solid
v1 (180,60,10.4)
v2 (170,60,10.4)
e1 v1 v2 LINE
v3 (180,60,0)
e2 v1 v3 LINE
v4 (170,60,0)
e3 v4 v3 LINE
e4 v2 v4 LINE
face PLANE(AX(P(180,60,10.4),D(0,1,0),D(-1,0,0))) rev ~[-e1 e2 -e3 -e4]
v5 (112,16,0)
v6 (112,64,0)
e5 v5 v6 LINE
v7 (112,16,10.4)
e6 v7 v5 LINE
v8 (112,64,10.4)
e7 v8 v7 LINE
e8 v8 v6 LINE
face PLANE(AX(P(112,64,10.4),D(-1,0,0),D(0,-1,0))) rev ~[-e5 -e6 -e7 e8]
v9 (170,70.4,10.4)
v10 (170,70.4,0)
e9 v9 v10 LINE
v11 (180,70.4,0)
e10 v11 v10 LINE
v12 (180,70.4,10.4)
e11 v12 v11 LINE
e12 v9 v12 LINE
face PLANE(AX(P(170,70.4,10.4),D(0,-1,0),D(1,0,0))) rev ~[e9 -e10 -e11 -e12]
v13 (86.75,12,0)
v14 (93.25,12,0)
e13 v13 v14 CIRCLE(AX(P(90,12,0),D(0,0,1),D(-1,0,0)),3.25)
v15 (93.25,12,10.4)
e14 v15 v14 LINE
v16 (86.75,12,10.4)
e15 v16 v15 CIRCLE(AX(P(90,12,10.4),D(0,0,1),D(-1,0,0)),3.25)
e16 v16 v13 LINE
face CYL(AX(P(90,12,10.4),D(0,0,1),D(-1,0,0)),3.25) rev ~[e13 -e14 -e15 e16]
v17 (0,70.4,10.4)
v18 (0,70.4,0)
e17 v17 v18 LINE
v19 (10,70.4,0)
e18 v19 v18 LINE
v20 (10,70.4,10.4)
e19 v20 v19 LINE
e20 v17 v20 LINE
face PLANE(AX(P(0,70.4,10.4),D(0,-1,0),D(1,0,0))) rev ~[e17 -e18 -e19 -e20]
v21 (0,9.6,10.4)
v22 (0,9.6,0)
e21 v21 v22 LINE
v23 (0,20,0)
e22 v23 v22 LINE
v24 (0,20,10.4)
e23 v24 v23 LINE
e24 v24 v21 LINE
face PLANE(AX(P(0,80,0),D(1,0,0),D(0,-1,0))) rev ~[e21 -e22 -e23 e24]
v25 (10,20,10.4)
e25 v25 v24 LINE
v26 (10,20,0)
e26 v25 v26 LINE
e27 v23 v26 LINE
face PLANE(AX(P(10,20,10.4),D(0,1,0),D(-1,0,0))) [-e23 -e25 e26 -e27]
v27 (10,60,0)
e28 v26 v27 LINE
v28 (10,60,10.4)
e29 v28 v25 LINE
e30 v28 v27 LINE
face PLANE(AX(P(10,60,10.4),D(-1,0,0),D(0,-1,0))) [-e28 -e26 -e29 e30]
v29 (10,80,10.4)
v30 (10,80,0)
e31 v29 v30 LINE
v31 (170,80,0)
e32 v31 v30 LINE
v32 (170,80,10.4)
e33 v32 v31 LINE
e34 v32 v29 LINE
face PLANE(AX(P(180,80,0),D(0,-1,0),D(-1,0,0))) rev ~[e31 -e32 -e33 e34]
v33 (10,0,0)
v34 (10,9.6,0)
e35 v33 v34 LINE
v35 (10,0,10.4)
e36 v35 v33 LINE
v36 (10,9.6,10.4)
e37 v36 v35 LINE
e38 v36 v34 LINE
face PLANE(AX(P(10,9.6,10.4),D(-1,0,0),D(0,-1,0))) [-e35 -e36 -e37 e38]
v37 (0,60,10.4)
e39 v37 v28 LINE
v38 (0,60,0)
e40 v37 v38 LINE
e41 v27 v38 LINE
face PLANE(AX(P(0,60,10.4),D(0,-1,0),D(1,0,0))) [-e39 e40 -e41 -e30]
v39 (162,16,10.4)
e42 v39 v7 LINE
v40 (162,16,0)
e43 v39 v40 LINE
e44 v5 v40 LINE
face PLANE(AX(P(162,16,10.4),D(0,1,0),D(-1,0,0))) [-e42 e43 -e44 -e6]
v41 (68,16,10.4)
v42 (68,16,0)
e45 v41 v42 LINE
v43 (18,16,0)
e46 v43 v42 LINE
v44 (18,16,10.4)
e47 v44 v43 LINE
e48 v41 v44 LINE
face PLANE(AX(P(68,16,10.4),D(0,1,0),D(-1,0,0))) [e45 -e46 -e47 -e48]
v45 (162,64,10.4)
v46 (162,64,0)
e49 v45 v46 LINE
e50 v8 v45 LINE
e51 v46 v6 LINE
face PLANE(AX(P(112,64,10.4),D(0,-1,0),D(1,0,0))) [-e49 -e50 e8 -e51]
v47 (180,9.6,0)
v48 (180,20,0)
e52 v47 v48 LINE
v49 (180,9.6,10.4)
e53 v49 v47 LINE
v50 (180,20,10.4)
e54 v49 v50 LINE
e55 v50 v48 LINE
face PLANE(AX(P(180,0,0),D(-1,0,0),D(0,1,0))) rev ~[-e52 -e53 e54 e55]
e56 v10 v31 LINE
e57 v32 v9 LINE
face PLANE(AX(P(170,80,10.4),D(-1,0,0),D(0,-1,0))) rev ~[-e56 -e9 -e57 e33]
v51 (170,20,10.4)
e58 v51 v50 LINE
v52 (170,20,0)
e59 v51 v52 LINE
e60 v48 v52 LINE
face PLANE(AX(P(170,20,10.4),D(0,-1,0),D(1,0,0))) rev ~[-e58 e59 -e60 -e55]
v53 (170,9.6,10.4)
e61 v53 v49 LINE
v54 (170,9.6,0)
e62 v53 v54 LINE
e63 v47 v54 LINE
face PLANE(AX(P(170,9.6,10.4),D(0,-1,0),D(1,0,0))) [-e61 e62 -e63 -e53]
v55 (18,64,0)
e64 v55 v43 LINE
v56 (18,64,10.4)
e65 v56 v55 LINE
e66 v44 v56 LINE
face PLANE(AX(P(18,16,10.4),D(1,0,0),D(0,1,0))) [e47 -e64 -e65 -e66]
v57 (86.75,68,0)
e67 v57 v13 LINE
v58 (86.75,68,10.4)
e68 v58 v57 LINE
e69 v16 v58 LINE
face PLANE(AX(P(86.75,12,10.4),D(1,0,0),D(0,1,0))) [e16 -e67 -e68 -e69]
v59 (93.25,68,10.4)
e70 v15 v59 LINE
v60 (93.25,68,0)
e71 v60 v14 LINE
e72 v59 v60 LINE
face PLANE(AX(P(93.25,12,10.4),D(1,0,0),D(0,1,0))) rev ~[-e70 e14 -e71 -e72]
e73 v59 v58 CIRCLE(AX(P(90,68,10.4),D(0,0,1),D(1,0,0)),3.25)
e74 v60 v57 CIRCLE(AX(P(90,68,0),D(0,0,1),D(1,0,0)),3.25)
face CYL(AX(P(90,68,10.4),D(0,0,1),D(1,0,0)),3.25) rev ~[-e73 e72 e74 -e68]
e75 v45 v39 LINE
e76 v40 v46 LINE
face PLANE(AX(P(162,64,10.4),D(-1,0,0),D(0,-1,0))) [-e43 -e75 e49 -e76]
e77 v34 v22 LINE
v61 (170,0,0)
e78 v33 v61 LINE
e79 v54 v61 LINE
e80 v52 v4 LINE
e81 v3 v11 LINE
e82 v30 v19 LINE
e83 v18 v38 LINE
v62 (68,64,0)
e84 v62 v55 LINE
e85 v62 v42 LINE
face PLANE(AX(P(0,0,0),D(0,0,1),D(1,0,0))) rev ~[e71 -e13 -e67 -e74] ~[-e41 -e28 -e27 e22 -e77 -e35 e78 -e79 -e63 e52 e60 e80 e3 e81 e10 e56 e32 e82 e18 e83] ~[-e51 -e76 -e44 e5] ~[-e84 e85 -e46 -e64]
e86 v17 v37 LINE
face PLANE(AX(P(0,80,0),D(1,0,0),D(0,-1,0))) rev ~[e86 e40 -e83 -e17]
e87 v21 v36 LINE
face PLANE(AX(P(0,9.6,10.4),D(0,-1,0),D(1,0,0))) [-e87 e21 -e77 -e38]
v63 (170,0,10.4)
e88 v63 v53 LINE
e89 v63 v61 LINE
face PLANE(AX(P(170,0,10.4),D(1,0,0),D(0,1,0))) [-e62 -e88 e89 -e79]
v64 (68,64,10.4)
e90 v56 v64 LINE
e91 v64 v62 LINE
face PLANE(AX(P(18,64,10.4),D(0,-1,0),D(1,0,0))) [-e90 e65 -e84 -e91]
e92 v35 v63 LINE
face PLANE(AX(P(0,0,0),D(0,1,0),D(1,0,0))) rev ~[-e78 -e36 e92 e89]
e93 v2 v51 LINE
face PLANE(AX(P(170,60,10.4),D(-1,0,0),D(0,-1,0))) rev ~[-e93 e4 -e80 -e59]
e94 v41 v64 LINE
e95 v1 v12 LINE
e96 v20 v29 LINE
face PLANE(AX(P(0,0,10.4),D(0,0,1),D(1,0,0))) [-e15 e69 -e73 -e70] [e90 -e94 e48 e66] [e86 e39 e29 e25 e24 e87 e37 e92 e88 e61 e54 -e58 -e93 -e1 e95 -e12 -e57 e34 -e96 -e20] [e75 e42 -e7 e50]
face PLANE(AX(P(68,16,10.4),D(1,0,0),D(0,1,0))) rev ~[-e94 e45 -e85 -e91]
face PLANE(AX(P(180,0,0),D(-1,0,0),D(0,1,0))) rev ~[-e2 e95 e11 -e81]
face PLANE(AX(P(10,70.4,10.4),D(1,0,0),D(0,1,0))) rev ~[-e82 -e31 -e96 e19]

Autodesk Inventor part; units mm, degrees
ref_plane "YZ Plane" through (0, 0, 0) normal (1, 0, 0) x (0, 1, 0)
ref_plane "XZ Plane" through (0, 0, 0) normal (0, 1, 0) x (-1, 0, 0)
ref_plane "XY Plane" through (0, 0, 0) normal (0, 0, 1) x (1, 0, 0)
sketch "Sketch1" plane through (0, 0, 0) normal (0, 0, 1) x (1, 0, 0)
  line L0 (0, 0) -> (180, 0)
  line L1 (180, 0) -> (180, 80)
  line L2 (180, 80) -> (0, 80)
  line L3 (0, 80) -> (0, 0)
  dimension "d0" = 180
  dimension "d1" = 80
extrude "Extrusion1" add sketch "Sketch1" along normal blind 10.4
sketch "Sketch2" plane through (0, 0, 10.4) normal (0, 0, 1) x (1, 0, 0)
  line L0 (0, 80) -> (0, 0) projected
  line L1 (0, 60) -> (10, 60)
  line L2 (10, 60) -> (10, 20)
  line L3 (10, 20) -> (0, 20)
  line L4 (0, 9.6) -> (10, 9.6)
  line L5 (10, 9.6) -> (10, 0)
  line L6 (0, 0) -> (180, 0) projected
  line L7 (0, 70.4) -> (10, 70.4)
  line L8 (10, 70.4) -> (10, 80)
  line L9 (180, 80) -> (0, 80) projected
  line L10 (170, 80) -> (170, 70.4)
  line L11 (170, 70.4) -> (180, 70.4)
  line L12 (180, 0) -> (180, 80) projected
  line L13 (180, 60) -> (170, 60)
  line L14 (170, 60) -> (170, 20)
  line L15 (170, 20) -> (180, 20)
  line L16 (170, 0) -> (170, 9.6)
  line L17 (170, 9.6) -> (180, 9.6)
  line L18 (162, 64) -> (162, 16)
  line L19 (18, 16) -> (18, 64)
  line L20 (112, 64) -> (112, 16)
  line L21 (68, 16) -> (68, 64)
  line L22 (18, 64) -> (68, 64)
  line L23 (112, 64) -> (162, 64)
  line L24 (162, 16) -> (112, 16)
  line L25 (68, 16) -> (18, 16)
  line L26 (93.25, 12) -> (93.25, 68)
  line L27 (86.75, 12) -> (86.75, 68)
  arc A0 (86.75, 12) -> (93.25, 12) centre (90, 12) ccw
  arc A1 (93.25, 68) -> (86.75, 68) centre (90, 68) ccw
  dimension "d4" = 40
  dimension "d5" = 10.4
  dimension "d6" = 10.4
  dimension "d7" = 9.6
  dimension "d8" = 10
  dimension "d9" = 40
  dimension "d10" = 10.4
  dimension "d11" = 10.4
  dimension "d13" = 10
  dimension "d14" = 10
  dimension "d15" = 9.6
  dimension "d19" = 8
  dimension "d21" = 8
  dimension "d22" = 50
  dimension "d23" = 50
  dimension "d24" = 16
  dimension "d25" = 16
  dimension "d26" = 16
  dimension "d27" = 16
  dimension "d31" = 12
  dimension "d32" = 12
  dimension "d33" = 6.5
  dimension "d34" = 18.75
extrude "Extrusion2" cut sketch "Sketch2" against normal up to next contours L9 L8 L7 L0 | L1 L2 L3 L0 | L9 L12 L11 L10 | L4 L5 L6 L0 | L12 L15 L14 L13 | L16 L17 L12 L6 | L18 L24 L20 L23 | L19 L22 L21 L25 | A0 L27 A1 L26
equation "\"d24\" = d26"
equation "\"d25\" = d26"
equation "\"d27\" = d26"
properties part number "center mount"
